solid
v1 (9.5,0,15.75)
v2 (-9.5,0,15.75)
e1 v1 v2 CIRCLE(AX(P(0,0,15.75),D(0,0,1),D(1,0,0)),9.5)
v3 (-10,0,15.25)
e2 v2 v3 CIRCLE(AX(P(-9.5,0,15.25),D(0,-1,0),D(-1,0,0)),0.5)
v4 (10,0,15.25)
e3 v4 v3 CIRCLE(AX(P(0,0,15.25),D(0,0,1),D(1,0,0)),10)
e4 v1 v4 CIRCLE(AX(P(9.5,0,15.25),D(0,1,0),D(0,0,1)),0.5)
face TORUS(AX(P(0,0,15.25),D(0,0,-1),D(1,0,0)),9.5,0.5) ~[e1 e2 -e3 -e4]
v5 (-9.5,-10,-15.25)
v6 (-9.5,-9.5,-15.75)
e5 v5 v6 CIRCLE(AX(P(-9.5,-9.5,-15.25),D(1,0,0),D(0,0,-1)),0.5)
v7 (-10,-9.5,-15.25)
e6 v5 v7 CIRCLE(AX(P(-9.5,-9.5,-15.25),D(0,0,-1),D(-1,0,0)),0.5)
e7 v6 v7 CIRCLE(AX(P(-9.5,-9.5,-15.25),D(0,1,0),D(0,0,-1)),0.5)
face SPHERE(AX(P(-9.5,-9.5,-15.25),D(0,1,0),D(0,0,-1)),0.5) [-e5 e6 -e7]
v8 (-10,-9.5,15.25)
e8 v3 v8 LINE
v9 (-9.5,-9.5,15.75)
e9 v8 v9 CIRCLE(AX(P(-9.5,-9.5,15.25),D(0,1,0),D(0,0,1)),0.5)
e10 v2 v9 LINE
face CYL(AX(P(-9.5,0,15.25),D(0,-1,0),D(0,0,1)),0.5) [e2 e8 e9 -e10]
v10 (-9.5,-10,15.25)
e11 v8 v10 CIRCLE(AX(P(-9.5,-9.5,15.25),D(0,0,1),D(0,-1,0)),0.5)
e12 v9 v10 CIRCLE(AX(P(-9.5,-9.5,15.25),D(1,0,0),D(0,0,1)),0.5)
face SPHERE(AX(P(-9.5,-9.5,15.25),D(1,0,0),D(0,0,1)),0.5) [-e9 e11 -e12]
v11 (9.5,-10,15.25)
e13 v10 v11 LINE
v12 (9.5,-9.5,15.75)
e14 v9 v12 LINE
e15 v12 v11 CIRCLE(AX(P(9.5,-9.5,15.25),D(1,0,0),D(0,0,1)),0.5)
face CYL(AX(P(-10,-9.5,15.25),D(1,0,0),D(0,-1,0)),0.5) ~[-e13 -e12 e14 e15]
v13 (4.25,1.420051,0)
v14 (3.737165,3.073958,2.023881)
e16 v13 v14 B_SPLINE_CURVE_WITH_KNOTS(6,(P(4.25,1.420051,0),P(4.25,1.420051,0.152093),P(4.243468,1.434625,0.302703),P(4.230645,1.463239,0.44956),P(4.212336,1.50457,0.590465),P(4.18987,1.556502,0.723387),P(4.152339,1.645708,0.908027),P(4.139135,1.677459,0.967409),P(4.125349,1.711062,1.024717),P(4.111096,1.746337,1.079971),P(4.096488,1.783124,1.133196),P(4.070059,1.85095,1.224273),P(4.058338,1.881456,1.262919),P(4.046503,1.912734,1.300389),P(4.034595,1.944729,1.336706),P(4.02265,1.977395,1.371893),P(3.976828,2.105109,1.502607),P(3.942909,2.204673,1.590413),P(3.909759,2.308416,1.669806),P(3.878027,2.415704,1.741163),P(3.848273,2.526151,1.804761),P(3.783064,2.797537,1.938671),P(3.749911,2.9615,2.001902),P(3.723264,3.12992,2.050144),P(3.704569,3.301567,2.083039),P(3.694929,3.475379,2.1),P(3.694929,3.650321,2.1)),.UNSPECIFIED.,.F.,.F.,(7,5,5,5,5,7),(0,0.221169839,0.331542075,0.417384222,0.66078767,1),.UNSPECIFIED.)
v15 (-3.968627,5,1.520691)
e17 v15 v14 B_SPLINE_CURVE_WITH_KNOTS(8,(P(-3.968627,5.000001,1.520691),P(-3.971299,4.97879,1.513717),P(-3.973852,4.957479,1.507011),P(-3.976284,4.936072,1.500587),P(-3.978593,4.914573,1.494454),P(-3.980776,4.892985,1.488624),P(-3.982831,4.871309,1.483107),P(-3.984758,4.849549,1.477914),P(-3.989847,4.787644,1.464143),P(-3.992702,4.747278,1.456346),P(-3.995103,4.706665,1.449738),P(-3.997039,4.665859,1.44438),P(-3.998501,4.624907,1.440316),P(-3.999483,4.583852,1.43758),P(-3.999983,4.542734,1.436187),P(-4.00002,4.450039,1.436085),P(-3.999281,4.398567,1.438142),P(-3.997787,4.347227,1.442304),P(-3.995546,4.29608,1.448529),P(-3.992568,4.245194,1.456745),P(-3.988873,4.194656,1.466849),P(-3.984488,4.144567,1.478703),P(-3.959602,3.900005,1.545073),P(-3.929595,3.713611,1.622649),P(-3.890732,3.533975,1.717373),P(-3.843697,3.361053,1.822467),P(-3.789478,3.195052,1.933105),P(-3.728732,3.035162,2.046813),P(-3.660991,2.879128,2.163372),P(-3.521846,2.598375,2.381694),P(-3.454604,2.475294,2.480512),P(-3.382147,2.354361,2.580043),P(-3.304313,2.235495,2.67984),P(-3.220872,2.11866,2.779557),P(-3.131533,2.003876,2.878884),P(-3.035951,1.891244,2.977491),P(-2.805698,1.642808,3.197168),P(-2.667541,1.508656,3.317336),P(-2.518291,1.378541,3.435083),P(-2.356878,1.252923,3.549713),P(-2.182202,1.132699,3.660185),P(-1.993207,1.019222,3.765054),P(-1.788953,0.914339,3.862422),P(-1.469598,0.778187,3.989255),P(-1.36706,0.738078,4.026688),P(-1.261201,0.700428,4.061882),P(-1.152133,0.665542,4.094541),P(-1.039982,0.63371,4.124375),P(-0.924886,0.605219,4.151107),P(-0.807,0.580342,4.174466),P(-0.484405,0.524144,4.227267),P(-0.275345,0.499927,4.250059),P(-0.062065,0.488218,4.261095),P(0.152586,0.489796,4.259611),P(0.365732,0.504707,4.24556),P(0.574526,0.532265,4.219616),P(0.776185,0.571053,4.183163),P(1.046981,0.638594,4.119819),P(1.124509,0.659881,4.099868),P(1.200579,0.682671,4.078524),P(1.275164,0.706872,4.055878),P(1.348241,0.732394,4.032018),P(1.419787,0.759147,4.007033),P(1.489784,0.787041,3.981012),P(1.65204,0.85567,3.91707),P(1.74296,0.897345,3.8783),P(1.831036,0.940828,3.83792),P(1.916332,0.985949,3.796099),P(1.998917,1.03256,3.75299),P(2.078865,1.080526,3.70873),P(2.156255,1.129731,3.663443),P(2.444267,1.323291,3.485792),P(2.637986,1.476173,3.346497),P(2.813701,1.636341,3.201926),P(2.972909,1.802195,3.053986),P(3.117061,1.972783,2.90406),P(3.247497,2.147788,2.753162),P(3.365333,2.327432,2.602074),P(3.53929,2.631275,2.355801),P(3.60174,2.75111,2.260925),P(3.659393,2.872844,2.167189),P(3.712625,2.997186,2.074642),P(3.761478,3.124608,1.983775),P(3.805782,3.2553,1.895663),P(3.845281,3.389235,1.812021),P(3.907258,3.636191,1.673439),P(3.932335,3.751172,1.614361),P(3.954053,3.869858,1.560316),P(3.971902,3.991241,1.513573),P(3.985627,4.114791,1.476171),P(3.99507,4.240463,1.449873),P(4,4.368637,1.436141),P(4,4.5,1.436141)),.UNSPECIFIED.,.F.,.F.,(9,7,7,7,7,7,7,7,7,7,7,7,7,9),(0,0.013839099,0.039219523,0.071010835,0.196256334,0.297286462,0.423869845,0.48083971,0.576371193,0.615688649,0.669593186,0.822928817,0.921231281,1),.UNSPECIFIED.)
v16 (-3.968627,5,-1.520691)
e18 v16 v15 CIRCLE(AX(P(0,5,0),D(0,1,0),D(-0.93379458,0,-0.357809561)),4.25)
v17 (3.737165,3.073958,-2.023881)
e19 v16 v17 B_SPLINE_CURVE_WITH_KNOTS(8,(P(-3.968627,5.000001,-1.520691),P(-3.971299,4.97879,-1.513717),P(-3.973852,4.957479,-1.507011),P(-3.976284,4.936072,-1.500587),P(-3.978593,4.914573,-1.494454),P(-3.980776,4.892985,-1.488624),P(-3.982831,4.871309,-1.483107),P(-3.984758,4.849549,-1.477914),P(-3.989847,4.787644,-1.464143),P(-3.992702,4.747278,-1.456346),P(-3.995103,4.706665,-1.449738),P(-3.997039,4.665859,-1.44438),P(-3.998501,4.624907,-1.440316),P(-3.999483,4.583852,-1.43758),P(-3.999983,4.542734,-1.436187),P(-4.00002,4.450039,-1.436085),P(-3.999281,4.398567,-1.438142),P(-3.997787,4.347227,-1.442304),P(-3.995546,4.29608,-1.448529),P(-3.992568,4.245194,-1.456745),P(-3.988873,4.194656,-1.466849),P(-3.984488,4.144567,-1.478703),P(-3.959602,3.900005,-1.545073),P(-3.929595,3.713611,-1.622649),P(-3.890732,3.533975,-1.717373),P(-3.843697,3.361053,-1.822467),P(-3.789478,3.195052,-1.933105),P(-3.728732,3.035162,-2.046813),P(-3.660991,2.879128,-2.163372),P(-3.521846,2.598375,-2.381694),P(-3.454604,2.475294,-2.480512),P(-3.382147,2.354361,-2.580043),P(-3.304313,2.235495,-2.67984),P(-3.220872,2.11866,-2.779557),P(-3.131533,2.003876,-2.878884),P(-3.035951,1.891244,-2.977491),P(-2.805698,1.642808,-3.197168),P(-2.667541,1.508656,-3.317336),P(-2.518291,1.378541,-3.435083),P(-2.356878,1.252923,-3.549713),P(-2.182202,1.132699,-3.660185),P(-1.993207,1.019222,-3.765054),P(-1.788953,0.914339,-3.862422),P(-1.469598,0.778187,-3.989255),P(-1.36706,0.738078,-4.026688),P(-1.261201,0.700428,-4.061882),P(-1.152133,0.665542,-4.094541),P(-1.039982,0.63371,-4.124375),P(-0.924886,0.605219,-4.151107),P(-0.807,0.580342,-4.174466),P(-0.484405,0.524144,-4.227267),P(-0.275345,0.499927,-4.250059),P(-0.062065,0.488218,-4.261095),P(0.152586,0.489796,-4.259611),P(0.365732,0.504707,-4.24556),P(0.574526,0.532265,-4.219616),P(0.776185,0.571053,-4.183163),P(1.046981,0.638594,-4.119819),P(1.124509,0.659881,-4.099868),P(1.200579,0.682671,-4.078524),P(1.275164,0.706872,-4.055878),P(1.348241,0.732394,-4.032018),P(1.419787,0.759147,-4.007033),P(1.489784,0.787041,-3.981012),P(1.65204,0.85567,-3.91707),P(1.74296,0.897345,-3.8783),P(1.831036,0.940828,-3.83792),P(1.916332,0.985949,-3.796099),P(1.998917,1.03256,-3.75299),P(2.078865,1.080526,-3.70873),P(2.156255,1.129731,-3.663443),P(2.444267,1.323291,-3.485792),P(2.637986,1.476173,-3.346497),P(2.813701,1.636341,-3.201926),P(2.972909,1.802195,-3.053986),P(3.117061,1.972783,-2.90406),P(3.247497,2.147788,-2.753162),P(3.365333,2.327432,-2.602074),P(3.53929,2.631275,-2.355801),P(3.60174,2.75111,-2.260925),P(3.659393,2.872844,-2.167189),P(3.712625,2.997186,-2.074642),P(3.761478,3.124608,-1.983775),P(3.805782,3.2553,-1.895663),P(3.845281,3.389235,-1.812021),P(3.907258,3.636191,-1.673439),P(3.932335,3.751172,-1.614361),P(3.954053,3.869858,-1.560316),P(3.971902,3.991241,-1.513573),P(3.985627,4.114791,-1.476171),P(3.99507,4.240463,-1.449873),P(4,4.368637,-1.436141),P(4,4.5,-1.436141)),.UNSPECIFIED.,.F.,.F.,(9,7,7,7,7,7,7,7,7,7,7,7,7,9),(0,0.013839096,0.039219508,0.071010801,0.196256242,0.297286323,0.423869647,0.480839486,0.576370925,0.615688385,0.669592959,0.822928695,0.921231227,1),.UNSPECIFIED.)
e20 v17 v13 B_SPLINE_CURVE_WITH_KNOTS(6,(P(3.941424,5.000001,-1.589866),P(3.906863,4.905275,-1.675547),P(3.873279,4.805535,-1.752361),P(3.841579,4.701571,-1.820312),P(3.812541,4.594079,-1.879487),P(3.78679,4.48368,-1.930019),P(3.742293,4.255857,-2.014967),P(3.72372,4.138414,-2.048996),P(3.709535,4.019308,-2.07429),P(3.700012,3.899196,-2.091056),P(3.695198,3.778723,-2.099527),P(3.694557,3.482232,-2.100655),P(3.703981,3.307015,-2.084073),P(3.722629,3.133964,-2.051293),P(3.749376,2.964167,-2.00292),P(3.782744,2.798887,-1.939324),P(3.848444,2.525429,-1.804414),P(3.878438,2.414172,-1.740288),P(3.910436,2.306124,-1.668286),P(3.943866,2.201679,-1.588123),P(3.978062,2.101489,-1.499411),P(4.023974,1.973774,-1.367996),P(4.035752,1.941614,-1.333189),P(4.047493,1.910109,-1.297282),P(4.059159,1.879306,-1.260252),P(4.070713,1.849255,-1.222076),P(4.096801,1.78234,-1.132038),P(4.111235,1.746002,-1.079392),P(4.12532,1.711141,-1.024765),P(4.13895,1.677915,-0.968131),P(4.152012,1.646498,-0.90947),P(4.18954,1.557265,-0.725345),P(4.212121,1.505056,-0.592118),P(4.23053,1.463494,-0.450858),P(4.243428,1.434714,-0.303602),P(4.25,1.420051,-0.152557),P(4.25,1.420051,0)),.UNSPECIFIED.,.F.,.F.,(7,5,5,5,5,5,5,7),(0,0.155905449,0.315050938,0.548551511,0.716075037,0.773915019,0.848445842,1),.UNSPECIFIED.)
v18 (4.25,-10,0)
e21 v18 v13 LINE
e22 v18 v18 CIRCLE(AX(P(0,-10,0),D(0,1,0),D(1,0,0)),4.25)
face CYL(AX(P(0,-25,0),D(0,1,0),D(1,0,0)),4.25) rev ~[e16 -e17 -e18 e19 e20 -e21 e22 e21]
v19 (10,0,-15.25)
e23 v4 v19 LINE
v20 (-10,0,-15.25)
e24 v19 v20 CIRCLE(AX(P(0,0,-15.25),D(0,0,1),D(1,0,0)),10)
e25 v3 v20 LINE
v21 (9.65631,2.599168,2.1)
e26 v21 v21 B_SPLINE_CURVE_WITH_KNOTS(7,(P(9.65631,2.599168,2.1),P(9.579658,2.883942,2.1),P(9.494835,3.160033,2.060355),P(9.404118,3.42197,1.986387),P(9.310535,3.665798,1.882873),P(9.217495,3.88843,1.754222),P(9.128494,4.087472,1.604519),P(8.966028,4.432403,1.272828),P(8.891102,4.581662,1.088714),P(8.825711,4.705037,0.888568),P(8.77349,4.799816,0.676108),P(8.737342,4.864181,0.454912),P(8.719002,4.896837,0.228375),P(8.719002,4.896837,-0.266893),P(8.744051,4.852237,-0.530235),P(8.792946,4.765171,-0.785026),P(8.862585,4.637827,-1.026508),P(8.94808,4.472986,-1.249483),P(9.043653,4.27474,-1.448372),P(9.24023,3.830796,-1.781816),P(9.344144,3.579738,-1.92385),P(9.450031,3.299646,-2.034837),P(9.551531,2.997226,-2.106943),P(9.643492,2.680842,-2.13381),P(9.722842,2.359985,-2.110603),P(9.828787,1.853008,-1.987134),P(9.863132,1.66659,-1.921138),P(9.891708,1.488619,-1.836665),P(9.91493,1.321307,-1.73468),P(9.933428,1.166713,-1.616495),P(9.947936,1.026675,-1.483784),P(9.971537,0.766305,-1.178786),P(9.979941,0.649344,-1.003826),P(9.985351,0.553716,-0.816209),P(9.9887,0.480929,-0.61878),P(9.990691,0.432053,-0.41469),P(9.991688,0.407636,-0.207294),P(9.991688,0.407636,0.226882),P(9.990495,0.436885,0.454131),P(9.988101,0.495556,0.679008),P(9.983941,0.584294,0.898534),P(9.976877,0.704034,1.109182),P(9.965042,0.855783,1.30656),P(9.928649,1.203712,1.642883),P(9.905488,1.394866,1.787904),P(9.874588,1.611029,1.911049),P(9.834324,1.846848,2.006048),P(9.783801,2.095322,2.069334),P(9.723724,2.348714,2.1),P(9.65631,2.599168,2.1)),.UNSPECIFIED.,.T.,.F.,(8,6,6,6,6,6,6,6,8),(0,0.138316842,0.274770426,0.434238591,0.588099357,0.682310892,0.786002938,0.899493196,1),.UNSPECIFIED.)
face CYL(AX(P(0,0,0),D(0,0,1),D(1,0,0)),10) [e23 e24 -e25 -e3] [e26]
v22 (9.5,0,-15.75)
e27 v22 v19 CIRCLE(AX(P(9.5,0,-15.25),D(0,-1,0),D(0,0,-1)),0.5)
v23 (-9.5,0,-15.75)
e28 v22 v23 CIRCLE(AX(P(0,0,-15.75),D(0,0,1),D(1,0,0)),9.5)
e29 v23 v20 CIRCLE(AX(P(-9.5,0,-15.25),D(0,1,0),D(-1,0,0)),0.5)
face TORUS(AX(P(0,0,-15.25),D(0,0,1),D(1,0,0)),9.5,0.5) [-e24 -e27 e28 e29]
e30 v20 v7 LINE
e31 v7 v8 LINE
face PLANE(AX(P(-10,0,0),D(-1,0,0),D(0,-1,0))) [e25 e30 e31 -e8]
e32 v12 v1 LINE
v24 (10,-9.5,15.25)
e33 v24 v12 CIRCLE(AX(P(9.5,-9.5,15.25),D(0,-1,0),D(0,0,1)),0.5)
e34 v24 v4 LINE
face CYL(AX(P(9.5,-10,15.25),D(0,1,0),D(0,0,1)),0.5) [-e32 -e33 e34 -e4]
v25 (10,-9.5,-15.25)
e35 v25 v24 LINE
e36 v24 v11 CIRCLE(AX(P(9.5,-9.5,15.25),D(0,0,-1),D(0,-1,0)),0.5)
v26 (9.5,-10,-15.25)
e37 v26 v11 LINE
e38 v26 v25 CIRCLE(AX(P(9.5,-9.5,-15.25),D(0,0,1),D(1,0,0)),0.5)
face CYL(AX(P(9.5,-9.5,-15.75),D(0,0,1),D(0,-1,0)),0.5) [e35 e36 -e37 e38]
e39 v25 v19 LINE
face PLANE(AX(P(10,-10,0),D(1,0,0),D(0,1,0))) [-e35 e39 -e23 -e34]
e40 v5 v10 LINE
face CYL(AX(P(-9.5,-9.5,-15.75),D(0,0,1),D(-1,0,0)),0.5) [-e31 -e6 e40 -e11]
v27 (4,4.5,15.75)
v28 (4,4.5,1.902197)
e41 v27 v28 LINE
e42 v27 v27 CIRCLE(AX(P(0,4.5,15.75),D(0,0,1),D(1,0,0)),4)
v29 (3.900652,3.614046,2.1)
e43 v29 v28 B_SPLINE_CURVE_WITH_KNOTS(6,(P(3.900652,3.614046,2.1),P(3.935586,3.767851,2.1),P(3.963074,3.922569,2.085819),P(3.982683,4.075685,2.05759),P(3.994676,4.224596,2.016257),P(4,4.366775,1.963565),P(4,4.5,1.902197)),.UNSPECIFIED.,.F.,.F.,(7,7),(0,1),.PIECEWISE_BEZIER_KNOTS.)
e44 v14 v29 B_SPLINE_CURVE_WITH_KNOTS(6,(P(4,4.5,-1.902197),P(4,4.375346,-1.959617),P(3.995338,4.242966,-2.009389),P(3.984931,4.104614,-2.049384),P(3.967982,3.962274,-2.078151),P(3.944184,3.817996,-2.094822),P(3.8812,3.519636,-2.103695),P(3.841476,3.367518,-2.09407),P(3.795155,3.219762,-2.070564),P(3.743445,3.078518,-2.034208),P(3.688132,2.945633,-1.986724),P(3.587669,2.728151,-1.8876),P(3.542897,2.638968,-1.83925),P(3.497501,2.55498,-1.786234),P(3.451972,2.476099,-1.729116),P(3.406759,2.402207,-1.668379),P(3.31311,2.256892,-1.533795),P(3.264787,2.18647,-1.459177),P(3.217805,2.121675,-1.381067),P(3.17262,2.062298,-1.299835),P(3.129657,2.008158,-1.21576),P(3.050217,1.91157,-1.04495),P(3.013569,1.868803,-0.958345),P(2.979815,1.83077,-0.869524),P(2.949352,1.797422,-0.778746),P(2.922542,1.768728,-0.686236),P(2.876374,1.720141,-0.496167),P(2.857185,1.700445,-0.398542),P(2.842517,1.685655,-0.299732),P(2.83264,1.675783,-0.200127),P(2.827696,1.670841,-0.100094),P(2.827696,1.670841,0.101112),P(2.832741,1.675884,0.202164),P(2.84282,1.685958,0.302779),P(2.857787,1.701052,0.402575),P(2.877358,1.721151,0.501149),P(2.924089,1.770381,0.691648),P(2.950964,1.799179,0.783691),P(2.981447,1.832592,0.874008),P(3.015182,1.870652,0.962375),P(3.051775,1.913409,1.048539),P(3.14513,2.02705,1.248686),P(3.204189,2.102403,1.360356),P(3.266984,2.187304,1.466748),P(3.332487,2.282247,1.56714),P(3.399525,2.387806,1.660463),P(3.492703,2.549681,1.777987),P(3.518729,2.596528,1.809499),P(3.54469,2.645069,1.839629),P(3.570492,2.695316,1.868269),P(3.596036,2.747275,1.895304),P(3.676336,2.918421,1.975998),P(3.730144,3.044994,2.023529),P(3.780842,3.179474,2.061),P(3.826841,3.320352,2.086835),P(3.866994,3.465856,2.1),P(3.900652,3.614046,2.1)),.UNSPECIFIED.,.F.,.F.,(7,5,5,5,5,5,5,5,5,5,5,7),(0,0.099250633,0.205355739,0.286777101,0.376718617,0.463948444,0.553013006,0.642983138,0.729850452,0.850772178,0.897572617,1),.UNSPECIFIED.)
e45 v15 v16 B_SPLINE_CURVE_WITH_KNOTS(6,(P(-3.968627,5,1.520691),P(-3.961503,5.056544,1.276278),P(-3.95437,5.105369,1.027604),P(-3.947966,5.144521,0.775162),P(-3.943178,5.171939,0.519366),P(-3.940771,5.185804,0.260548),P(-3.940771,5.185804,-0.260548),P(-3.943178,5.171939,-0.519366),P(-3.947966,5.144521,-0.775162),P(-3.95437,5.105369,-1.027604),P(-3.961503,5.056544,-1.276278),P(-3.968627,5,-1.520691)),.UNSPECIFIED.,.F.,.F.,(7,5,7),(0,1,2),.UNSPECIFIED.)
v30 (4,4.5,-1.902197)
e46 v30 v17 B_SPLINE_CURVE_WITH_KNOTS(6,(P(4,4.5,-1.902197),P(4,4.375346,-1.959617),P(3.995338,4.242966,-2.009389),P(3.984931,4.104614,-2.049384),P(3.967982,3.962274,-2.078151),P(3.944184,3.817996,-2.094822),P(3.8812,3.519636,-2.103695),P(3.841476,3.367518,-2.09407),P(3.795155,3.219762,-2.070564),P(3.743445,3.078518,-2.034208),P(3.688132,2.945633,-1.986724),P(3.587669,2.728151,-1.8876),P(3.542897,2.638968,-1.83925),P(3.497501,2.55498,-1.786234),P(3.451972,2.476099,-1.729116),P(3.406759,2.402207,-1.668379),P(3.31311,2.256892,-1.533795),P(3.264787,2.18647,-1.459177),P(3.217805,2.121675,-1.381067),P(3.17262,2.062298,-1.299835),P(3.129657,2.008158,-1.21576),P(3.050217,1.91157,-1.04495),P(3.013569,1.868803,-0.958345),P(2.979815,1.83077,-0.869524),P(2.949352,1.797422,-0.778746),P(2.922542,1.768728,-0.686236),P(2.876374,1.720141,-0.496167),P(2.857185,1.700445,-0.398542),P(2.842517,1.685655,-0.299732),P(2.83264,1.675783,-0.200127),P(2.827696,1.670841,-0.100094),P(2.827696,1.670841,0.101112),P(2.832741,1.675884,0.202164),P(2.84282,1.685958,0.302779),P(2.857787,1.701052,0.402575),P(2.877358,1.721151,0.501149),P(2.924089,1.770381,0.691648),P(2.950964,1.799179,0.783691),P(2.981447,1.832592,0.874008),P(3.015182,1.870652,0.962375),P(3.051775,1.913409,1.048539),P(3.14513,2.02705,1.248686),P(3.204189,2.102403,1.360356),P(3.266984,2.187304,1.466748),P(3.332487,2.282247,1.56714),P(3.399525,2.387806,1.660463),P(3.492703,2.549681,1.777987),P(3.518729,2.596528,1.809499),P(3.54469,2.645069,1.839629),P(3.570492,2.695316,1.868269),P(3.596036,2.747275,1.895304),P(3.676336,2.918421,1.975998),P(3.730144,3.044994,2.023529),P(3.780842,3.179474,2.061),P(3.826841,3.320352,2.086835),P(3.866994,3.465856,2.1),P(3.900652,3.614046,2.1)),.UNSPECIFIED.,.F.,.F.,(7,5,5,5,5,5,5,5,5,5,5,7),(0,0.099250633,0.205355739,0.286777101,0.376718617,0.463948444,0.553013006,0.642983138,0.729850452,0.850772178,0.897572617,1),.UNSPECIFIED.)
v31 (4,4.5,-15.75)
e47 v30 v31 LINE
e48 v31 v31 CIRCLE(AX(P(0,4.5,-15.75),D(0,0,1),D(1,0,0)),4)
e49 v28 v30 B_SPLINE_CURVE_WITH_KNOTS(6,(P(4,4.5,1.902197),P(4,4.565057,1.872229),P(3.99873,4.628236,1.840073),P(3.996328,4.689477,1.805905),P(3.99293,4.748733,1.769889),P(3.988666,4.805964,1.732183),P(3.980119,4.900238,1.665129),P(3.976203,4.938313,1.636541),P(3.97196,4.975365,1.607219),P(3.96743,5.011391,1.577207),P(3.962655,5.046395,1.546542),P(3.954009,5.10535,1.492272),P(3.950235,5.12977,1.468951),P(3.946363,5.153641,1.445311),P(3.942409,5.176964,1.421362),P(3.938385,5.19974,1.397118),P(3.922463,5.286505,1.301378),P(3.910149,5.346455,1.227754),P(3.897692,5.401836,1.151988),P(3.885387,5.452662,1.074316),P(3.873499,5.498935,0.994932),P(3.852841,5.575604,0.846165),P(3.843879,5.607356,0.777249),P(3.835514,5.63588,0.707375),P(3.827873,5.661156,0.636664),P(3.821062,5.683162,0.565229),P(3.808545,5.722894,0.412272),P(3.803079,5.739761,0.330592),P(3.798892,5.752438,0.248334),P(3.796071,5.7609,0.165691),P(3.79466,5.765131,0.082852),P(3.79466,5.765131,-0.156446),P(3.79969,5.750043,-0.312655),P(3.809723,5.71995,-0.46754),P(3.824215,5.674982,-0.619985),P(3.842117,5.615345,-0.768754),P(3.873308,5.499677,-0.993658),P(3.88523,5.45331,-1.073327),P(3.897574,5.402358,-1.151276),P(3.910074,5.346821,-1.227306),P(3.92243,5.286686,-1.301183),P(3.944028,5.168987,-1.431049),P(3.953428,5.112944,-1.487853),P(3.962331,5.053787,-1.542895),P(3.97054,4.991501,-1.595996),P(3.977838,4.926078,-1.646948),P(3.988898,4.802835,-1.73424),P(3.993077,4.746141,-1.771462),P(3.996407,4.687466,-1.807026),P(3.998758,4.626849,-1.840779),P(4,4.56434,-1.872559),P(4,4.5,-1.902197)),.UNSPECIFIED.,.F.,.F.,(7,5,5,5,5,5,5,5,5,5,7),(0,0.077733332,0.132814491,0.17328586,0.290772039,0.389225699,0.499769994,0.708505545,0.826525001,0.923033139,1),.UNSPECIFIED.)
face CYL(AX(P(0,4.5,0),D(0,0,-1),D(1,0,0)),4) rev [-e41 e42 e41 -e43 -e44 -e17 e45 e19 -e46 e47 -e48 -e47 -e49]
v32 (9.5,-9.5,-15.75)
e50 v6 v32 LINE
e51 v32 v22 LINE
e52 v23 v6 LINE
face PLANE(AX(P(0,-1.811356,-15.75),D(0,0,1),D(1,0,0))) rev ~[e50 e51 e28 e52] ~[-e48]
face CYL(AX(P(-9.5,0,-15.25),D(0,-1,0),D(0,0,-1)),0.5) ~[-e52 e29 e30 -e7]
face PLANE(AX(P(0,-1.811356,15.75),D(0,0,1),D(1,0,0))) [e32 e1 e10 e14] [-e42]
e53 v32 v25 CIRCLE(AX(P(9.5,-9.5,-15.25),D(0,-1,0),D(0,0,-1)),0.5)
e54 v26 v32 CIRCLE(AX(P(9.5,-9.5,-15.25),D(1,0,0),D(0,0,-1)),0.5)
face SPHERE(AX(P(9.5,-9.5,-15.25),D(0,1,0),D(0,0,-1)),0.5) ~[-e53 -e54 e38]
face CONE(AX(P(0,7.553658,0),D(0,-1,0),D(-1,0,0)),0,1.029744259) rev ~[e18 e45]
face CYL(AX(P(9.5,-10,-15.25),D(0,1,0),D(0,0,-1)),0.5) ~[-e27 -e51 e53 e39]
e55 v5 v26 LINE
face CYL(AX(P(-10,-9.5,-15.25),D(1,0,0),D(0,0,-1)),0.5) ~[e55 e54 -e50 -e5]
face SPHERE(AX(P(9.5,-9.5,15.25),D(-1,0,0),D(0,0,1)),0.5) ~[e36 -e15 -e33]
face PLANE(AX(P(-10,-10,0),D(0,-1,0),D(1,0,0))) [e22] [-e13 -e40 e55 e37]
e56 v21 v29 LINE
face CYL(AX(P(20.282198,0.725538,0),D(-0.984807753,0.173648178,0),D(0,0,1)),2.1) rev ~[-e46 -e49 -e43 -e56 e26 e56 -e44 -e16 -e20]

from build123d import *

# Parameters (mm, degrees)
ESQUISSE1_R            = 4
BOSS_EXTRU_1_DEPTH     = 15.75
TROU_TARAUD_M101_D     = 8.5
TROU_TARAUD_M101_DEPTH = 15
TROU_TARAUD_M101_TIP   = 2.553657631
TROU_TARAUD_M51_D      = 4.2
TROU_TARAUD_M51_DEPTH  = 10
TROU_TARAUD_M51_TIP    = 1.2618073
CONG_1_R               = 0.5


with BuildPart() as part:
    # Esquisse1 → Boss.-Extru.1 (new body, symmetric)
    with BuildSketch(Plane.XY):
        with BuildLine():
            Line((-10, 0), (-10, -10))
            Line((-10, -10), (10, -10))
            Line((10, -10), (10, 0))
            ThreePointArc((10, 0), (0, 10), (-10, 0))
        make_face()
        with Locations((0, 4.5)):
            Circle(ESQUISSE1_R, mode=Mode.SUBTRACT)
    extrude(amount=BOSS_EXTRU_1_DEPTH, both=True)

    # Trou taraudé M101
    with Locations(Plane(origin=(0, -10, 0), x_dir=(-1, 0, 0), z_dir=(0, -1, 0))):
        with Locations((0, 0)):
            Hole(TROU_TARAUD_M101_D / 2, depth=TROU_TARAUD_M101_DEPTH)
            with Locations((0, 0, -(TROU_TARAUD_M101_DEPTH + TROU_TARAUD_M101_TIP / 2))):  # 118° drill point
                Cone(0, TROU_TARAUD_M101_D / 2, TROU_TARAUD_M101_TIP, mode=Mode.SUBTRACT)

    # Trou taraudé M51
    with Locations(Plane(origin=(9.698463104, -1.710100717, 0), x_dir=(0, 0, -1), z_dir=(0.984807753, -0.173648178, 0))):
        with Locations((0, 4.236481777)):
            Hole(TROU_TARAUD_M51_D / 2, depth=TROU_TARAUD_M51_DEPTH)
            with Locations((0, 0, -(TROU_TARAUD_M51_DEPTH + TROU_TARAUD_M51_TIP / 2))):  # 118° drill point
                Cone(0, TROU_TARAUD_M51_D / 2, TROU_TARAUD_M51_TIP, mode=Mode.SUBTRACT)

    # Congé1
    cong_1_edges = [part.edges().sort_by_distance(p)[0] for p in [
        (0, -10, 15.75),
        (10, -5, 15.75),
        (0, 10, 15.75),
        (10, -5, -15.75),
        (0, -10, -15.75),
        (-10, -5, -15.75),
        (0, 10, -15.75),
        (-10, -5, 15.75),
        (10, -10, 0),
        (-10, -10, 0),
    ]]
    fillet(cong_1_edges, radius=CONG_1_R)


solid = part.part
